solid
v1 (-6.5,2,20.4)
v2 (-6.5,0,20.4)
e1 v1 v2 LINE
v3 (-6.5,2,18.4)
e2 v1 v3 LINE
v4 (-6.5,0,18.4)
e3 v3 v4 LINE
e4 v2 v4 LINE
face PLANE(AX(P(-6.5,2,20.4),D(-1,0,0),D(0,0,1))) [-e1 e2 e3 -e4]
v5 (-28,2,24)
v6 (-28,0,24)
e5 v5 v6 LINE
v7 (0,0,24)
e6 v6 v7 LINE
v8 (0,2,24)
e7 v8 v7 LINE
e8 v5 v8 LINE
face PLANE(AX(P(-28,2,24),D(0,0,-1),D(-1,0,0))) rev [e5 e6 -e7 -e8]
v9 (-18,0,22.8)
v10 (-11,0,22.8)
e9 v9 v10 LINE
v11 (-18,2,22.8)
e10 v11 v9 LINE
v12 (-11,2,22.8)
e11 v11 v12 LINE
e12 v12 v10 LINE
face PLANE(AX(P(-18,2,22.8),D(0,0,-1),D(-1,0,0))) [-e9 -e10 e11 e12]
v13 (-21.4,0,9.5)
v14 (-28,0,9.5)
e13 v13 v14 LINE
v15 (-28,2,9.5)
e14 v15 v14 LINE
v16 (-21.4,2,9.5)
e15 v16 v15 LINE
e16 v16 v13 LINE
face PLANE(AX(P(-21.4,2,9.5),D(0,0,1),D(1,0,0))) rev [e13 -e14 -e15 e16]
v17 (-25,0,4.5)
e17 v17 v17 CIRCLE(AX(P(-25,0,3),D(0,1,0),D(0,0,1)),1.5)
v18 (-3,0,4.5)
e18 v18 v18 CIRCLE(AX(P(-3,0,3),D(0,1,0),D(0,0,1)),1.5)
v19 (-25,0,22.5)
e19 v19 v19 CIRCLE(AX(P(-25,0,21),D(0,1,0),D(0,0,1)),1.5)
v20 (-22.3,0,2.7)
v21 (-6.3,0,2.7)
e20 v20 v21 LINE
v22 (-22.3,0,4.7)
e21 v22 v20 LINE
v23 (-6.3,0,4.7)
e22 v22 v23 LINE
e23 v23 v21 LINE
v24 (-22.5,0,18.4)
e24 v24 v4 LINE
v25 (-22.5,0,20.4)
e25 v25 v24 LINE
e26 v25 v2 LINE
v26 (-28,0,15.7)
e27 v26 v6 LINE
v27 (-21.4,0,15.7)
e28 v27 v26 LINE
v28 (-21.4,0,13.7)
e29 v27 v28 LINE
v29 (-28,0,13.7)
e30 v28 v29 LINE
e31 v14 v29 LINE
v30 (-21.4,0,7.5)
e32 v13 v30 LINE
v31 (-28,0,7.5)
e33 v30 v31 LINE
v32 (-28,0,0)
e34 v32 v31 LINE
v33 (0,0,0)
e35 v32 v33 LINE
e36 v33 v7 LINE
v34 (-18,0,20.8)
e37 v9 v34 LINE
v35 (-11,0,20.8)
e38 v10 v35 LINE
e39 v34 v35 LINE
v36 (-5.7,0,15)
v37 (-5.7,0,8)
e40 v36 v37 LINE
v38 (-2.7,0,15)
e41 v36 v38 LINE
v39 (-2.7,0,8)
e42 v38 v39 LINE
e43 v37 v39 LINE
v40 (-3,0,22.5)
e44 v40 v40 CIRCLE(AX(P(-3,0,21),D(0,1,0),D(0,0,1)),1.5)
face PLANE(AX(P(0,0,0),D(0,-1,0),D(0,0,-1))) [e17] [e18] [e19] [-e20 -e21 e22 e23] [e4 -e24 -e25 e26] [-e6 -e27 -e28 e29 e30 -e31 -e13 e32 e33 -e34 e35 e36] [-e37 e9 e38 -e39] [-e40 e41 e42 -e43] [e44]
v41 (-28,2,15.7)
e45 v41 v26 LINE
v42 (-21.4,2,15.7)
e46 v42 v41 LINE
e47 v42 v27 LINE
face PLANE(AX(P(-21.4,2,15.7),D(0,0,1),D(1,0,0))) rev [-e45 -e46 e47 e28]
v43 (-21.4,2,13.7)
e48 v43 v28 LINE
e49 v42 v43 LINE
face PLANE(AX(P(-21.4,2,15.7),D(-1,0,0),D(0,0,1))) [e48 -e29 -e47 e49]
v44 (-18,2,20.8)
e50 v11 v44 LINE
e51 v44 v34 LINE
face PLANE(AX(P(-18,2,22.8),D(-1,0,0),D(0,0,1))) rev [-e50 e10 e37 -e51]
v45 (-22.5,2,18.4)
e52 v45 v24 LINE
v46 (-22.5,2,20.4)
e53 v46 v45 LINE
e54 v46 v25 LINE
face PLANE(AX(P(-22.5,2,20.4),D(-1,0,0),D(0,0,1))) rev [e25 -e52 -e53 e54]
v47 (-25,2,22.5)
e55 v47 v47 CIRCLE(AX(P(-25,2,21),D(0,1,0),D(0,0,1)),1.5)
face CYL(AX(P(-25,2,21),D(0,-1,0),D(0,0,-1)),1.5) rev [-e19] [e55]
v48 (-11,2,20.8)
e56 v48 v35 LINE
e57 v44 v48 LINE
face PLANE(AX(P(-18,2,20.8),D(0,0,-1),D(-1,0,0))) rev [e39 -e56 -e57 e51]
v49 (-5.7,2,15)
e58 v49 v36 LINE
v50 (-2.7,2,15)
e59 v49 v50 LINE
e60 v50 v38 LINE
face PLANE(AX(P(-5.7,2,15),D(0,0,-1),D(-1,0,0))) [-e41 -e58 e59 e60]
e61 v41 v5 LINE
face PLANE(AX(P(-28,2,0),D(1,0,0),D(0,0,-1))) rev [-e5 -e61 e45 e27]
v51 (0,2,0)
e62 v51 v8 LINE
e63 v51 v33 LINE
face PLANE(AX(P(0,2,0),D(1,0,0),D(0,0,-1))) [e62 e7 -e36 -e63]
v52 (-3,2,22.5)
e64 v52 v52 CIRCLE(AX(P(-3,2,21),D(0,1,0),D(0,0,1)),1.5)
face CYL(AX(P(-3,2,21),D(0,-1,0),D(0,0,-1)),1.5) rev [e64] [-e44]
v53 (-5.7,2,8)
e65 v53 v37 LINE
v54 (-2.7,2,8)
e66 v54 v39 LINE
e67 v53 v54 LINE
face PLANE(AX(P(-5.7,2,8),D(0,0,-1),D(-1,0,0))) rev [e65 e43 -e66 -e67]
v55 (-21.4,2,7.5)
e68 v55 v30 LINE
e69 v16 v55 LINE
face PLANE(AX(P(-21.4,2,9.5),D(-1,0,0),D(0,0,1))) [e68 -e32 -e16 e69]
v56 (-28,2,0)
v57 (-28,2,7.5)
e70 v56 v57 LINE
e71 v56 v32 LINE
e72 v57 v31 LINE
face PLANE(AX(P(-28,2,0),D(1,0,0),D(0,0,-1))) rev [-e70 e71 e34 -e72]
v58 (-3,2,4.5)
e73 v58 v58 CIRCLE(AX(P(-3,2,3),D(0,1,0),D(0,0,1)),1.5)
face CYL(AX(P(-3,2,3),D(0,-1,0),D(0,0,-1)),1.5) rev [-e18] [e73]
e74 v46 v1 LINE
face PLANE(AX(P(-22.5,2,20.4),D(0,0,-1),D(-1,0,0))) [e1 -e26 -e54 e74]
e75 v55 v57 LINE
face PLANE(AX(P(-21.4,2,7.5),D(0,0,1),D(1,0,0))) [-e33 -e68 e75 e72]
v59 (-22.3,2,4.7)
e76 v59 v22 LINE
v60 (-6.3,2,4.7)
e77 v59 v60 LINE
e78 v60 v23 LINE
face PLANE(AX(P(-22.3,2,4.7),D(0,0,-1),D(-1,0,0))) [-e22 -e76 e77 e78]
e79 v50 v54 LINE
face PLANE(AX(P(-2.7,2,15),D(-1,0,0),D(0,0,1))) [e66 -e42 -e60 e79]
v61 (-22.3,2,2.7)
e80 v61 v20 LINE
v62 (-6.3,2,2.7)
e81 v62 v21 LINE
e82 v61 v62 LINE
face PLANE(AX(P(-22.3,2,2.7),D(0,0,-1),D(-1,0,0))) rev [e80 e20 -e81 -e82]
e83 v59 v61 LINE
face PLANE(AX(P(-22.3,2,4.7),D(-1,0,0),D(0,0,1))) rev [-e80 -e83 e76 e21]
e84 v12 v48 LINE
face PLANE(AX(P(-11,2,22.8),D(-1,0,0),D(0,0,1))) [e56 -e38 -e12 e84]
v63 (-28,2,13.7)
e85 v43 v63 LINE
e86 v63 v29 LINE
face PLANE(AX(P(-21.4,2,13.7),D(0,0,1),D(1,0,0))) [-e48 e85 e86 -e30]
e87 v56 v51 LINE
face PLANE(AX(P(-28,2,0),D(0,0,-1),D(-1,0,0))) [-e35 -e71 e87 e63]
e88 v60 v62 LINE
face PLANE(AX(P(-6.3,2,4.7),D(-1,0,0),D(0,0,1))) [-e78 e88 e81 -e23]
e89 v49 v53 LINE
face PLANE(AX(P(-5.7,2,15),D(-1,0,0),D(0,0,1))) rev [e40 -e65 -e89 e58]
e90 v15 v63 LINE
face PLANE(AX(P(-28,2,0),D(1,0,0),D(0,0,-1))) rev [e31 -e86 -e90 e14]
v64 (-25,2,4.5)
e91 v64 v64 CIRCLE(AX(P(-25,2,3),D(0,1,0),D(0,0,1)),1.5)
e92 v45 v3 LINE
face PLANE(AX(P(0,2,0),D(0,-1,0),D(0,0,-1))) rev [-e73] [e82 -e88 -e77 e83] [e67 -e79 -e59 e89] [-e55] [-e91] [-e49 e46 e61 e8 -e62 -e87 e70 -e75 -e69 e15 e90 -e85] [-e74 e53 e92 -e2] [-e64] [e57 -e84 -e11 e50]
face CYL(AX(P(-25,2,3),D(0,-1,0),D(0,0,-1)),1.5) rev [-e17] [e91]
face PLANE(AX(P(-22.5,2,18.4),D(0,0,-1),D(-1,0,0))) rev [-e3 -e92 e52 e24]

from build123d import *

# Parameters (mm, degrees)
SKETCH_1_W          = 28
SKETCH_1_H          = 24
EXTRUDE_1_DEPTH     = 2
SKETCH_1_5_R        = 1.5
SKETCH_1_5_W        = 7
SKETCH_1_5_H        = 2
SKETCH_1_5_W_2      = 3
SKETCH_1_5_H_2      = 7
SKETCH_1_5_W_3      = 16
SKETCH_1_5_W_4      = 6.6
CUT_EXTRUDE_1_DEPTH = 37.932370625


with BuildPart() as part:
    # 草图1 → 凸台-拉伸1 (new body)
    with BuildSketch(Plane(origin=(0, 0, 0), x_dir=(1, 0, 0), z_dir=(0, 1, 0))):
        with Locations((-14, -12)):
            Rectangle(SKETCH_1_W, SKETCH_1_H)
    extrude(amount=EXTRUDE_1_DEPTH)

    # 草图1<5> → 切除-拉伸1 (cut, through all)
    with BuildSketch(Plane(origin=(0, 0, 0), x_dir=(1, 0, 0), z_dir=(0, 1, 0))):
        with Locations((-25, -3)):
            Circle(SKETCH_1_5_R)
        with Locations((-3, -3)):
            Circle(SKETCH_1_5_R)
        with Locations((-25, -21)):
            Circle(SKETCH_1_5_R)
        with Locations((-3, -21)):
            Circle(SKETCH_1_5_R)
        with Locations((-14.5, -21.8)):
            Rectangle(SKETCH_1_5_W, SKETCH_1_5_H)
        with Locations((-4.2, -11.5)):
            Rectangle(SKETCH_1_5_W_2, SKETCH_1_5_H_2)
        with Locations((-14.3, -3.7)):
            Rectangle(SKETCH_1_5_W_3, SKETCH_1_5_H)
        with Locations((-24.7, -14.7)):
            Rectangle(SKETCH_1_5_W_4, SKETCH_1_5_H)
        with Locations((-24.7, -8.5)):
            Rectangle(SKETCH_1_5_W_4, SKETCH_1_5_H)
        with Locations((-14.5, -19.4)):
            Rectangle(SKETCH_1_5_W_3, SKETCH_1_5_H)
    extrude(amount=CUT_EXTRUDE_1_DEPTH, mode=Mode.SUBTRACT)


solid = part.part
